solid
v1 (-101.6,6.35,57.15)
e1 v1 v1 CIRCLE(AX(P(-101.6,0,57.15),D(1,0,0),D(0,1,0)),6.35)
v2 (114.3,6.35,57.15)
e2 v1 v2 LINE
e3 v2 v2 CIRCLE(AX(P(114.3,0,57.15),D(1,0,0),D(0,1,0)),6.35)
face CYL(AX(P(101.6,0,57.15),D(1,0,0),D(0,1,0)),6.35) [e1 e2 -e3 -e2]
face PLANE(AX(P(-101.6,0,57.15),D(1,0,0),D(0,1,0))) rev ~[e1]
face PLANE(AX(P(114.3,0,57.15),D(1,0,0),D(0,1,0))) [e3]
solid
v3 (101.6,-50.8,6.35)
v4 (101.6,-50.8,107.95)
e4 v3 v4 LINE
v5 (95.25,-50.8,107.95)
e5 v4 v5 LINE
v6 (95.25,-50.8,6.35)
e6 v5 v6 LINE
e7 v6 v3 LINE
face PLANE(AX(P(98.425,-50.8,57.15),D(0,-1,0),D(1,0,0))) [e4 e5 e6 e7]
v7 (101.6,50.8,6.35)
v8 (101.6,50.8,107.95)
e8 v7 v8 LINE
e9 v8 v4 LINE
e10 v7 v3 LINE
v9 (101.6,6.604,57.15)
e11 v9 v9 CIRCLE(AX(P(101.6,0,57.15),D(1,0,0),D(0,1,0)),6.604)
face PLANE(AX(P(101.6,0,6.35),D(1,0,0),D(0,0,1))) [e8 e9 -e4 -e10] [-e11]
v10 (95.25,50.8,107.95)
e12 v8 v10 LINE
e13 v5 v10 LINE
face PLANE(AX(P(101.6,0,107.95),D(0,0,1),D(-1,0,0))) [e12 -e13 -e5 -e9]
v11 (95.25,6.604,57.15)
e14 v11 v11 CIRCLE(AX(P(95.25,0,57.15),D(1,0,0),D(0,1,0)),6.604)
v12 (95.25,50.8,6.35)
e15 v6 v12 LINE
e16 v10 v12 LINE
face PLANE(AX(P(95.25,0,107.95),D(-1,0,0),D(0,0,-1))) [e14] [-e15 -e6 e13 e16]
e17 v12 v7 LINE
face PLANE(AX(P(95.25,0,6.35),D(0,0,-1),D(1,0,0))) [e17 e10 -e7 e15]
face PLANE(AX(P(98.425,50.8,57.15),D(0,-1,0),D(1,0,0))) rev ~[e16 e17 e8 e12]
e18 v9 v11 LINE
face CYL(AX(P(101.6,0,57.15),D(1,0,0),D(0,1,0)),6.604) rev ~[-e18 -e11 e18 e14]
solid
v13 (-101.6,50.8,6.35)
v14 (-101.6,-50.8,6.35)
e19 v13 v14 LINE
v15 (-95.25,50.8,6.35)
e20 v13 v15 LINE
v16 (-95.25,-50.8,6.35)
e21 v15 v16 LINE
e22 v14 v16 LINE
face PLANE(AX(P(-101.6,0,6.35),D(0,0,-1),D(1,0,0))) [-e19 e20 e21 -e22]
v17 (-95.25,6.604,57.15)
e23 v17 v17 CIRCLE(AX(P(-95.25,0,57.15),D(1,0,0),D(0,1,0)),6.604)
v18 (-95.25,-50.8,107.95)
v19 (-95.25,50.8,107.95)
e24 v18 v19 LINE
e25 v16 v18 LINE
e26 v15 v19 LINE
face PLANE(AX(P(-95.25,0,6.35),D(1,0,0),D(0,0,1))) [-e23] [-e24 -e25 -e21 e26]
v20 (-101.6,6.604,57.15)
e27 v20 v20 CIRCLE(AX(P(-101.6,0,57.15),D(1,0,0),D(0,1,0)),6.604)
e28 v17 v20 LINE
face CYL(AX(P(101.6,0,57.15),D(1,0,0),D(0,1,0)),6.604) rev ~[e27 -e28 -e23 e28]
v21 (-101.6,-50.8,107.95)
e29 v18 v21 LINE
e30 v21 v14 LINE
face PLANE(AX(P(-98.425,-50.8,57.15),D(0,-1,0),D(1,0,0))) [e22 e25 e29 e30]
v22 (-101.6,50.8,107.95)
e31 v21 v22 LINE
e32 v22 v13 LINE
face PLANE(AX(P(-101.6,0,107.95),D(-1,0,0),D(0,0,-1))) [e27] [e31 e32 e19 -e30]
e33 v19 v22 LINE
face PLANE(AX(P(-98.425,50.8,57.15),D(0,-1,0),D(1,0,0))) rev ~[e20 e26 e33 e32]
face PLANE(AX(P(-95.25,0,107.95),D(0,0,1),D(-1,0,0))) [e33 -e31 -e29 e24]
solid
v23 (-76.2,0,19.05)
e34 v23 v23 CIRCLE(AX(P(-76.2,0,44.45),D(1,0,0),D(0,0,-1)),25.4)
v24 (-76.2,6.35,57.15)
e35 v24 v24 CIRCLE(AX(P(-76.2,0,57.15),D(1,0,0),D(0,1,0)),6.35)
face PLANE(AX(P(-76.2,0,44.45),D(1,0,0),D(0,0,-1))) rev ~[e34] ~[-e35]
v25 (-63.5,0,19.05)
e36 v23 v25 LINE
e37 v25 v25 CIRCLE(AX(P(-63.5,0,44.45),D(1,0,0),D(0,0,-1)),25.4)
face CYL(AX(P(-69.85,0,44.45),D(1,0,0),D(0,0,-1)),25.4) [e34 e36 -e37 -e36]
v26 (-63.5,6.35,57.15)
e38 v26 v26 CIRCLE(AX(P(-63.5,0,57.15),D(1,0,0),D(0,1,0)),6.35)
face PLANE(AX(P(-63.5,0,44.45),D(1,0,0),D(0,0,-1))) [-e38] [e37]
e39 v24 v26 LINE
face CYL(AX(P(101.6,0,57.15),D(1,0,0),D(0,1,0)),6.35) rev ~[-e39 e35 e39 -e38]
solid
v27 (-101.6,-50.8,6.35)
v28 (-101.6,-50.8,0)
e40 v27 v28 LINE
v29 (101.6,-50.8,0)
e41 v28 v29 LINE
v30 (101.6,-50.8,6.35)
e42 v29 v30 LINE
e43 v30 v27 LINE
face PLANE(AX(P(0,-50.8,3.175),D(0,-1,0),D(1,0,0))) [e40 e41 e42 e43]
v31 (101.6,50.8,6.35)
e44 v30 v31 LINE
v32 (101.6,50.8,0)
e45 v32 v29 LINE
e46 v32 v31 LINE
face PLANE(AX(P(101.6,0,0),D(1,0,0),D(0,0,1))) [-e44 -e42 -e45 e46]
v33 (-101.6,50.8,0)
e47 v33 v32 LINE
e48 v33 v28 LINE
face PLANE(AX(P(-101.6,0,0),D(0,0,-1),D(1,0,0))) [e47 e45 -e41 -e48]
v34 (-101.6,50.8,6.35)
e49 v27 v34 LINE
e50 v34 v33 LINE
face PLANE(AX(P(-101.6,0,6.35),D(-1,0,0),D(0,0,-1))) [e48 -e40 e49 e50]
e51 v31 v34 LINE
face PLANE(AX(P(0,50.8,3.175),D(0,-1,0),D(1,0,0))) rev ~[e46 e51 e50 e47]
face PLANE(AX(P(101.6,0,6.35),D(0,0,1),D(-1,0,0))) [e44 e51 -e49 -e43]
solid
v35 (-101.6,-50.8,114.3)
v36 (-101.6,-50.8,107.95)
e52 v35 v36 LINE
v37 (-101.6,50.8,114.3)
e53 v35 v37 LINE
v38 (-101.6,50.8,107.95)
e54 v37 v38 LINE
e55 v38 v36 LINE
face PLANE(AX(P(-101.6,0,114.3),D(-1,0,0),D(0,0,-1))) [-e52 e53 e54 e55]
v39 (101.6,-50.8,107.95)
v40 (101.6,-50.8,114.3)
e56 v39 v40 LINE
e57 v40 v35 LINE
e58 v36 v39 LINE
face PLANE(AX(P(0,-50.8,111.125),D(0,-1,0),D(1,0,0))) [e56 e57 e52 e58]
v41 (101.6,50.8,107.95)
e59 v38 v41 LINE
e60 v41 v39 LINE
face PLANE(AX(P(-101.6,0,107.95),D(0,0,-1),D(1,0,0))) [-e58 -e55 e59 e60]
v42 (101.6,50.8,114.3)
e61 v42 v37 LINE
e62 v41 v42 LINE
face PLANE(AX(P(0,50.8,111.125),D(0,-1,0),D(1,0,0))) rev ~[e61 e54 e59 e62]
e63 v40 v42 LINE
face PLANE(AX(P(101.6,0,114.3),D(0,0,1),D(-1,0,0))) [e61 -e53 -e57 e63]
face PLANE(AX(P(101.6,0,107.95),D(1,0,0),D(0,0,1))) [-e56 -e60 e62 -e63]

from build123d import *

# Parameters (mm, degrees)
F1_DEPTH      = 50.8
F2_DEPTH      = 50.8
F2_DEPTH_BACK = 50.8
F3_R          = 6.604
F3_R_2        = 6.35
F4_DEPTH      = 203.201
F5_DEPTH      = 12.7
F5_DEPTH_BACK = 203.2
F0_W          = 12.7
F0_H          = 25.4


with BuildPart() as f1:
    # F0 (on Front) → F1 (new body, symmetric)
    with BuildSketch(Plane.XZ):
        Polygon((-95.25, 6.35), (-101.6, 6.35), (-101.6, 0), (101.6, 0), (101.6, 6.35), (95.25, 6.35), align=None)
    extrude(amount=F1_DEPTH, both=True)


with BuildPart() as f1b:
    # F0 (on Front) → F1, piece 2 (new body, symmetric)
    with BuildSketch(Plane.XZ):
        Polygon((-101.6, 114.3), (-101.6, 107.95), (-95.25, 107.95), (95.25, 107.95), (101.6, 107.95), (101.6, 114.3), align=None)
    extrude(amount=F1_DEPTH, both=True)


with BuildPart() as f2:
    # F0 (on Front) → F2 (new body, two sides)
    with BuildSketch(Plane.XZ) as f2_sk:
        Polygon((-101.6, 107.95), (-101.6, 6.35), (-95.25, 6.35), (-95.25, 57.15), (-95.25, 107.95), align=None)
    extrude(amount=F2_DEPTH)
    extrude(f2_sk.sketch, amount=-F2_DEPTH_BACK)


with BuildPart() as f2b:
    # F0 (on Front) → F2, piece 2 (new body, two sides)
    with BuildSketch(Plane.XZ) as f2_2_sk:
        Polygon((95.25, 57.15), (95.25, 6.35), (101.6, 6.35), (101.6, 107.95), (95.25, 107.95), align=None)
    extrude(amount=F2_DEPTH)
    extrude(f2_2_sk.sketch, amount=-F2_DEPTH_BACK)


with BuildPart() as f4_tool:
    # F3 (on face) → F4 (new body, through all)
    with BuildSketch(Plane.YZ.offset(101.6)):
        with Locations((0, 57.15)):
            Circle(F3_R)
        with Locations((0, 57.15)):
            Circle(F3_R_2, mode=Mode.SUBTRACT)
        with Locations((0, 57.15)):
            Circle(F3_R_2)
    extrude(amount=-F4_DEPTH)


with BuildPart() as f2_1:
    add(f2.part)

    # F4: cut by f4_tool
    add(f4_tool.part, mode=Mode.SUBTRACT)


with BuildPart() as f2b_1:
    add(f2b.part)

    # F4: cut by f4_tool
    add(f4_tool.part, mode=Mode.SUBTRACT)


with BuildPart() as f5:
    # F3 (on face) → F5 (new body, two sides)
    with BuildSketch(Plane.YZ.offset(101.6)) as f5_sk:
        with Locations((0, 57.15)):
            Circle(F3_R_2)
    extrude(amount=F5_DEPTH)
    extrude(f5_sk.sketch, amount=-F5_DEPTH_BACK)


with BuildPart() as f6:
    # F0 (on Front) → F6 (revolve)
    with BuildSketch(Plane.XZ):
        with Locations((-69.85, 31.75)):
            Rectangle(F0_W, F0_H)
    revolve(axis=Axis((-69.85, 0, 44.45), (1, 0, 0)))

    # F7: cut F5
    add(f5.part, mode=Mode.SUBTRACT)


solid = Compound([f1.part, f1b.part, f2_1.part, f2b_1.part, f5.part, f6.part])
